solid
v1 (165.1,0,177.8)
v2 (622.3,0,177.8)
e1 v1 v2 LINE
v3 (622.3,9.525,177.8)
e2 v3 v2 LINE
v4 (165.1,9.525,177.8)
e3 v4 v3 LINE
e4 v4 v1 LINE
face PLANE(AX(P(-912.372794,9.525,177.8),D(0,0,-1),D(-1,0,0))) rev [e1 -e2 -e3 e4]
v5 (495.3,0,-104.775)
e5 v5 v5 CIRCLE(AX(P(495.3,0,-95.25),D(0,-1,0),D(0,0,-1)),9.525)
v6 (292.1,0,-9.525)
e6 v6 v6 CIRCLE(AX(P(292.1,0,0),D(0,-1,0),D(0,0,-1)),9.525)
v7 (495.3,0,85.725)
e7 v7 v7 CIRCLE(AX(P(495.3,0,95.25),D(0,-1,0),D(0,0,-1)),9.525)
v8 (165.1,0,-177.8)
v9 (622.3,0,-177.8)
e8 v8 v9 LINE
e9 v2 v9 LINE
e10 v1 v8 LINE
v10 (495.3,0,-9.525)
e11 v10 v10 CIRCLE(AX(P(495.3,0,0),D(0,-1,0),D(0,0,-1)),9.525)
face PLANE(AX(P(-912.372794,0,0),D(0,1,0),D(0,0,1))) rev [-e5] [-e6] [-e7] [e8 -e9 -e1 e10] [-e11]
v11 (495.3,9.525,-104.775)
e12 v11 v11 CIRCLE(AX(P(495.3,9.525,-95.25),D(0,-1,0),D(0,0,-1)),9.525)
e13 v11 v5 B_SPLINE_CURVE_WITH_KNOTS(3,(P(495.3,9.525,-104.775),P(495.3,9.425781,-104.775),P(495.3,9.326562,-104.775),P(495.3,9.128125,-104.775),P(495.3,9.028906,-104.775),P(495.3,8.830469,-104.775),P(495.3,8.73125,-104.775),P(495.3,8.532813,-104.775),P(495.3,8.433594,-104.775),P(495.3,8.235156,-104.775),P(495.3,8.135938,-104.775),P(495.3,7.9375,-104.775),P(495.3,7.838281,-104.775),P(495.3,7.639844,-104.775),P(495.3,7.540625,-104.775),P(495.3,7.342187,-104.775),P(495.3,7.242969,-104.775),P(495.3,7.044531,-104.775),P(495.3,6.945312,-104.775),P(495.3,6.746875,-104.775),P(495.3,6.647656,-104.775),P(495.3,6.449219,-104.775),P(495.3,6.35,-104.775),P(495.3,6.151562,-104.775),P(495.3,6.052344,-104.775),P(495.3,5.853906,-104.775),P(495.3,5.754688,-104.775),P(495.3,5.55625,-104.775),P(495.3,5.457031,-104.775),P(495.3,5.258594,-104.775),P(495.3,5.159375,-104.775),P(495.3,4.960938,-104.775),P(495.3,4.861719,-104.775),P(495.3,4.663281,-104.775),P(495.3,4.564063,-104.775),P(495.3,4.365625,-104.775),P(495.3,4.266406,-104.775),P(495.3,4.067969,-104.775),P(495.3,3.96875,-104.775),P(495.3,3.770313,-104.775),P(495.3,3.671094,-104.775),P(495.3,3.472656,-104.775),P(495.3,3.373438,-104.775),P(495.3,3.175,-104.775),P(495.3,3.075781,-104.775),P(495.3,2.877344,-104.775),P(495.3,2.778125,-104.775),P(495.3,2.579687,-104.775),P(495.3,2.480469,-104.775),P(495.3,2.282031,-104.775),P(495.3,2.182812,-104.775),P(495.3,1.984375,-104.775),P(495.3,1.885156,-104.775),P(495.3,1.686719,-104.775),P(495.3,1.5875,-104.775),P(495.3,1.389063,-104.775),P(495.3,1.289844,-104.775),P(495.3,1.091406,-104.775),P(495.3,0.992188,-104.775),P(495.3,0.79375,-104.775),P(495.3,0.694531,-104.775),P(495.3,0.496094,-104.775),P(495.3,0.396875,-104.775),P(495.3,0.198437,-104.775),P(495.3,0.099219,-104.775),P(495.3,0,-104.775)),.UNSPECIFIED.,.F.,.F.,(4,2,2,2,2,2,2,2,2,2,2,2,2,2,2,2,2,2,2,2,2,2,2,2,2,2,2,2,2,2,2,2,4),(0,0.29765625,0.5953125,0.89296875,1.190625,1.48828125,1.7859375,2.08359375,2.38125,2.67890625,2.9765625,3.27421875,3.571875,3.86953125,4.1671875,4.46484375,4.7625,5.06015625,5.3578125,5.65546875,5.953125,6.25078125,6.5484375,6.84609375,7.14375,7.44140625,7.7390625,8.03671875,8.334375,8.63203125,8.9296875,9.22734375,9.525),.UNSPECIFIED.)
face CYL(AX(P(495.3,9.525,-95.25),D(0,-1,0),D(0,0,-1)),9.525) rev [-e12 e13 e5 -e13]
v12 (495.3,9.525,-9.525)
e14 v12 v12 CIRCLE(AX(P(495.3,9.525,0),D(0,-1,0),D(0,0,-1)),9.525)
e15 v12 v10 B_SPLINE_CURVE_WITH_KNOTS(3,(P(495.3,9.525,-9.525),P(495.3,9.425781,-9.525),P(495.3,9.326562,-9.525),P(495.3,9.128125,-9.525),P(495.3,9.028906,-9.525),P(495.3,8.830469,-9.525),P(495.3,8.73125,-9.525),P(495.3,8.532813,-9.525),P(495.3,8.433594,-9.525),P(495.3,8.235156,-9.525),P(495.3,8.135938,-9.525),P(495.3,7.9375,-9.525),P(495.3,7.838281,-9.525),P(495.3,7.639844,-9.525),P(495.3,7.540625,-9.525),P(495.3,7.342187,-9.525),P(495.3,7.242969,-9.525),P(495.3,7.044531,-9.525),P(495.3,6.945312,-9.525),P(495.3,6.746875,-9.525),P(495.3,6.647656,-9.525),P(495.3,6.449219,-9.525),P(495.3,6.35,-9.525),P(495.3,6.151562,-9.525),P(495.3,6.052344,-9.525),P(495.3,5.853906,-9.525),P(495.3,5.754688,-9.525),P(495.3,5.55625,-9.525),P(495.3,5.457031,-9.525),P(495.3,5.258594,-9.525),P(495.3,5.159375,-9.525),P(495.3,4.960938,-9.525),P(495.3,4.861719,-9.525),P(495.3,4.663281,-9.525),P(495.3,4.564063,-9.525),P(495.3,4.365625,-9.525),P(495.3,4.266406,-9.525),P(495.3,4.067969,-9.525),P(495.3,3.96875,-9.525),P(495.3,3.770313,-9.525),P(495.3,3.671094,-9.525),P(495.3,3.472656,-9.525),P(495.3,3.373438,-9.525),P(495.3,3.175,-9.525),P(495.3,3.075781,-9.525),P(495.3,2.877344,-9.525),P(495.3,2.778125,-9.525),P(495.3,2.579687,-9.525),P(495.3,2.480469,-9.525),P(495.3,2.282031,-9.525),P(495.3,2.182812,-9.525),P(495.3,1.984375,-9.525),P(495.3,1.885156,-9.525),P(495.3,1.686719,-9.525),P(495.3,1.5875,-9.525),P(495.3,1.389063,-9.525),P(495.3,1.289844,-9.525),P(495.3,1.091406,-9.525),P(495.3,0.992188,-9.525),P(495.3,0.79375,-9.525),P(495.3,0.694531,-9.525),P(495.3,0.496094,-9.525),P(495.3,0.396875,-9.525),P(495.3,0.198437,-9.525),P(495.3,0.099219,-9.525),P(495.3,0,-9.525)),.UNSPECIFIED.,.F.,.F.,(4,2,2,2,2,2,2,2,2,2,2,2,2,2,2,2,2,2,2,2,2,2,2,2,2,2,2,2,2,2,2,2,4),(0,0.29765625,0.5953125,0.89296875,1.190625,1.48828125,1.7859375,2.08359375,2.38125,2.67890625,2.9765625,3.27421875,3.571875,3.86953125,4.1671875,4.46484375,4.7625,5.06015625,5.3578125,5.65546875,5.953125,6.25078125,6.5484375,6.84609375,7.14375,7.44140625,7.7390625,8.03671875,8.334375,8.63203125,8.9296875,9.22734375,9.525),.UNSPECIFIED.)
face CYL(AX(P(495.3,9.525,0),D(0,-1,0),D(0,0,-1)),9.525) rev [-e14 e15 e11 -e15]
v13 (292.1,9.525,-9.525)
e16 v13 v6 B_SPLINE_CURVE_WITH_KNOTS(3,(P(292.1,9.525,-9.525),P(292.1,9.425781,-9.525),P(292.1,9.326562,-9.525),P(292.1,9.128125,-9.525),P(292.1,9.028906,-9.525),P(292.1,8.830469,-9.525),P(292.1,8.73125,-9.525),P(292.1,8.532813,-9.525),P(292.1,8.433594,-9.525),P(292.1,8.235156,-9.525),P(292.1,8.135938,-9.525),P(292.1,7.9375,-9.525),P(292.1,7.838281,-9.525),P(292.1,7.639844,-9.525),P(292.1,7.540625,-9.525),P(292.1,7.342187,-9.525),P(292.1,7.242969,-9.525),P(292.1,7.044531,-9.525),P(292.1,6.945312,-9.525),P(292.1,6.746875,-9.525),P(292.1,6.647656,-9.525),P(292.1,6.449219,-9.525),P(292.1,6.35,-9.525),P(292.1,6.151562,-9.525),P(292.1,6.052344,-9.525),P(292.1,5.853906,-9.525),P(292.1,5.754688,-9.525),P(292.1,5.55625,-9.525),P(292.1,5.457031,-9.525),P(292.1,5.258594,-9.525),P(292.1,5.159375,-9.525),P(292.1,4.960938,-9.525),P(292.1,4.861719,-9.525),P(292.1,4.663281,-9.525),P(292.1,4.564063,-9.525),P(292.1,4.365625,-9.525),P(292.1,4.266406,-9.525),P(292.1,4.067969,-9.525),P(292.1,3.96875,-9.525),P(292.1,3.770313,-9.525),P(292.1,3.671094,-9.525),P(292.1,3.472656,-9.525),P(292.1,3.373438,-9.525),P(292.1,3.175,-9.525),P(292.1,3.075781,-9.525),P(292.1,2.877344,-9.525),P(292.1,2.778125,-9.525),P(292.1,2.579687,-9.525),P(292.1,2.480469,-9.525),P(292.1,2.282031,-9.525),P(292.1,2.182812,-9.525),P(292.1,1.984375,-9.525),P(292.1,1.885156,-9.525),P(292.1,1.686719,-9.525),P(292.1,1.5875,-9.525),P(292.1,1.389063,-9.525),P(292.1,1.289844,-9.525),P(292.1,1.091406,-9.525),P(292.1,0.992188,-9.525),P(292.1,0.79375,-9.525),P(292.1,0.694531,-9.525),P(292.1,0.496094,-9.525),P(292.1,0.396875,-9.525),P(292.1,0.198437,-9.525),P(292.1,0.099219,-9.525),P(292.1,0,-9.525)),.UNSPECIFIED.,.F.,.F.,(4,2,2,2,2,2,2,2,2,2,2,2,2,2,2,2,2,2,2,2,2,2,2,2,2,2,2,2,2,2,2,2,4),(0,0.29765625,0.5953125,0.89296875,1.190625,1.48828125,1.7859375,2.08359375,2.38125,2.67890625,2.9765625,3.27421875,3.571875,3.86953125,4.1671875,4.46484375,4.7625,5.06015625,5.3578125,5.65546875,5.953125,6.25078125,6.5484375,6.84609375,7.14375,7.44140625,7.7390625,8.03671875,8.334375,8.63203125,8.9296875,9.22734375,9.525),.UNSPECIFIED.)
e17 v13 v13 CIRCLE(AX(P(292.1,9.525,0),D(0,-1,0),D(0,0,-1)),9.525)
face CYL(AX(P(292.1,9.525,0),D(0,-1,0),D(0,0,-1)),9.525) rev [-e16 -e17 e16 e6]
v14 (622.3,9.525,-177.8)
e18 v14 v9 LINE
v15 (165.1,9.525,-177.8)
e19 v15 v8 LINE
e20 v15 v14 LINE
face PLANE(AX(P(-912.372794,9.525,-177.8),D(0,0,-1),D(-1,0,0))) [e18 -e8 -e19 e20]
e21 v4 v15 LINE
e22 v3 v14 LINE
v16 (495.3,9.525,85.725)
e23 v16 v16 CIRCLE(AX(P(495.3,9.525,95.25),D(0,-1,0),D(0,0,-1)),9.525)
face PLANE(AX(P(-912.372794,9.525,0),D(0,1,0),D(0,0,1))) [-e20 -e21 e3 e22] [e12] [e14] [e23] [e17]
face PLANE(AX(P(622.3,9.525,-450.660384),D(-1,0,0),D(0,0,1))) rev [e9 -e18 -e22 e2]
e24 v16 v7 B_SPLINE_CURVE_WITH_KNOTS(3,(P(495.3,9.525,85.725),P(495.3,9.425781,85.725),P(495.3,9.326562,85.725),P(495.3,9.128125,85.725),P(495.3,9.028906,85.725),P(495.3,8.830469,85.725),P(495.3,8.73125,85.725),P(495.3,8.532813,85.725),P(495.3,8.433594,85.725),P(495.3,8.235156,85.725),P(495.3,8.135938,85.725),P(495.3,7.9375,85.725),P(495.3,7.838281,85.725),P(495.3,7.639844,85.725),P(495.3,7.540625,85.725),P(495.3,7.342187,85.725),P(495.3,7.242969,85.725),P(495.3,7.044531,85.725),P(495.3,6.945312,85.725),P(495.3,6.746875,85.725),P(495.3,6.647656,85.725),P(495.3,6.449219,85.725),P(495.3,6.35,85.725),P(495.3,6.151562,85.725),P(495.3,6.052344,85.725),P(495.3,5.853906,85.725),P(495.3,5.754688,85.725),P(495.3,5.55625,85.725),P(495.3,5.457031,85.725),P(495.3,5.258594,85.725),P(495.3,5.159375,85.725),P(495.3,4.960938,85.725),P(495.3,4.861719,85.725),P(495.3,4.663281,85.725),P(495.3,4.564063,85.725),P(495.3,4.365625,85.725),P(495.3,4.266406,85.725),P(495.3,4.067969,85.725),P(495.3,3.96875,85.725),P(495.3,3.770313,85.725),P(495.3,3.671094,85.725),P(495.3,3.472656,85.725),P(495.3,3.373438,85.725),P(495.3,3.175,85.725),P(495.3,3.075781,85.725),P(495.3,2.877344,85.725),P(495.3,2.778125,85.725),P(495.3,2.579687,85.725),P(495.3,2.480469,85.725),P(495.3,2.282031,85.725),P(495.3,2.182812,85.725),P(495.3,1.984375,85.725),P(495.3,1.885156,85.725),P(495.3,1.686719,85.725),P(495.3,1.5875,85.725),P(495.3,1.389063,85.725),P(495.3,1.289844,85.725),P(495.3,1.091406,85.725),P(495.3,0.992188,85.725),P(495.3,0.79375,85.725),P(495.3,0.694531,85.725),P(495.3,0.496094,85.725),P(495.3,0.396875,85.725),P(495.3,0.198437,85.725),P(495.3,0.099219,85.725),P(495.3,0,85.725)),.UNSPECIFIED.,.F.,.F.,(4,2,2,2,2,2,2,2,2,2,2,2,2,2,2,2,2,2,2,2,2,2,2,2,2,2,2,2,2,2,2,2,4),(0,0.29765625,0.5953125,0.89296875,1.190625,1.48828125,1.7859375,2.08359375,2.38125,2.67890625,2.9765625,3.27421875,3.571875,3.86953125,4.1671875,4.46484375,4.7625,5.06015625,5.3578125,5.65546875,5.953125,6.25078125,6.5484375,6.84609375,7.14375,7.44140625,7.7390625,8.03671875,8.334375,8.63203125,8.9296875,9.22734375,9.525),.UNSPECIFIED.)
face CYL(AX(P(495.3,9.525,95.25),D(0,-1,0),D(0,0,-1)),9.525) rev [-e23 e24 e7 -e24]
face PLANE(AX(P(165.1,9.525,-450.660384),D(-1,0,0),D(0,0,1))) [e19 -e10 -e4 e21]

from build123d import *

# Parameters (mm, degrees)
BOSS_EXTRUDE1_DEPTH = 9.525
BOSS_EXTRUDE2_DEPTH = 9.525
SKETCH4_W           = 63.5
SKETCH4_H           = 355.6
BOSS_EXTRUDE3_DEPTH = 9.525
SKETCH5_R           = 9.525
CUT_EXTRUDE1_DEPTH  = 648.271856043


with BuildPart() as part:
    # Sketch1 → Boss-Extrude1 (new body)
    with BuildSketch(Plane(origin=(0, 0, 0), x_dir=(1, 0, 0), z_dir=(0, 1, 0))):
        Polygon((461.512355724, 17.636671785), (558.8, 99.270698215), (558.8, 177.8), (228.6, 177.8), (228.6, -177.8), align=None)
    extrude(amount=BOSS_EXTRUDE1_DEPTH)

    # Sketch1<4> → Boss-Extrude2 (add)
    with BuildSketch(Plane(origin=(0, 0, 0), x_dir=(1, 0, 0), z_dir=(0, 1, 0))):
        Polygon((558.8, -177.8), (558.8, 99.270698215), (461.512355724, 17.636671785), (228.6, -177.8), align=None)
    extrude(amount=BOSS_EXTRUDE2_DEPTH)

    # Sketch4 → Boss-Extrude3 (add)
    with BuildSketch(Plane.XZ):
        with Locations((590.55, 0)):
            Rectangle(SKETCH4_W, SKETCH4_H)
        with Locations((196.85, 0)):
            Rectangle(SKETCH4_W, SKETCH4_H)
    extrude(amount=-BOSS_EXTRUDE3_DEPTH)

    # Sketch5 → Cut-Extrude1 (cut, through all)
    with BuildSketch(Plane.XZ):
        with Locations((495.3, -95.25)):
            Circle(SKETCH5_R)
        with Locations((495.3, 95.25)):
            Circle(SKETCH5_R)
        with Locations((292.1, 0)):
            Circle(SKETCH5_R)
        with Locations((495.3, 0)):
            Circle(SKETCH5_R)
    extrude(amount=-CUT_EXTRUDE1_DEPTH, mode=Mode.SUBTRACT)


solid = part.part
